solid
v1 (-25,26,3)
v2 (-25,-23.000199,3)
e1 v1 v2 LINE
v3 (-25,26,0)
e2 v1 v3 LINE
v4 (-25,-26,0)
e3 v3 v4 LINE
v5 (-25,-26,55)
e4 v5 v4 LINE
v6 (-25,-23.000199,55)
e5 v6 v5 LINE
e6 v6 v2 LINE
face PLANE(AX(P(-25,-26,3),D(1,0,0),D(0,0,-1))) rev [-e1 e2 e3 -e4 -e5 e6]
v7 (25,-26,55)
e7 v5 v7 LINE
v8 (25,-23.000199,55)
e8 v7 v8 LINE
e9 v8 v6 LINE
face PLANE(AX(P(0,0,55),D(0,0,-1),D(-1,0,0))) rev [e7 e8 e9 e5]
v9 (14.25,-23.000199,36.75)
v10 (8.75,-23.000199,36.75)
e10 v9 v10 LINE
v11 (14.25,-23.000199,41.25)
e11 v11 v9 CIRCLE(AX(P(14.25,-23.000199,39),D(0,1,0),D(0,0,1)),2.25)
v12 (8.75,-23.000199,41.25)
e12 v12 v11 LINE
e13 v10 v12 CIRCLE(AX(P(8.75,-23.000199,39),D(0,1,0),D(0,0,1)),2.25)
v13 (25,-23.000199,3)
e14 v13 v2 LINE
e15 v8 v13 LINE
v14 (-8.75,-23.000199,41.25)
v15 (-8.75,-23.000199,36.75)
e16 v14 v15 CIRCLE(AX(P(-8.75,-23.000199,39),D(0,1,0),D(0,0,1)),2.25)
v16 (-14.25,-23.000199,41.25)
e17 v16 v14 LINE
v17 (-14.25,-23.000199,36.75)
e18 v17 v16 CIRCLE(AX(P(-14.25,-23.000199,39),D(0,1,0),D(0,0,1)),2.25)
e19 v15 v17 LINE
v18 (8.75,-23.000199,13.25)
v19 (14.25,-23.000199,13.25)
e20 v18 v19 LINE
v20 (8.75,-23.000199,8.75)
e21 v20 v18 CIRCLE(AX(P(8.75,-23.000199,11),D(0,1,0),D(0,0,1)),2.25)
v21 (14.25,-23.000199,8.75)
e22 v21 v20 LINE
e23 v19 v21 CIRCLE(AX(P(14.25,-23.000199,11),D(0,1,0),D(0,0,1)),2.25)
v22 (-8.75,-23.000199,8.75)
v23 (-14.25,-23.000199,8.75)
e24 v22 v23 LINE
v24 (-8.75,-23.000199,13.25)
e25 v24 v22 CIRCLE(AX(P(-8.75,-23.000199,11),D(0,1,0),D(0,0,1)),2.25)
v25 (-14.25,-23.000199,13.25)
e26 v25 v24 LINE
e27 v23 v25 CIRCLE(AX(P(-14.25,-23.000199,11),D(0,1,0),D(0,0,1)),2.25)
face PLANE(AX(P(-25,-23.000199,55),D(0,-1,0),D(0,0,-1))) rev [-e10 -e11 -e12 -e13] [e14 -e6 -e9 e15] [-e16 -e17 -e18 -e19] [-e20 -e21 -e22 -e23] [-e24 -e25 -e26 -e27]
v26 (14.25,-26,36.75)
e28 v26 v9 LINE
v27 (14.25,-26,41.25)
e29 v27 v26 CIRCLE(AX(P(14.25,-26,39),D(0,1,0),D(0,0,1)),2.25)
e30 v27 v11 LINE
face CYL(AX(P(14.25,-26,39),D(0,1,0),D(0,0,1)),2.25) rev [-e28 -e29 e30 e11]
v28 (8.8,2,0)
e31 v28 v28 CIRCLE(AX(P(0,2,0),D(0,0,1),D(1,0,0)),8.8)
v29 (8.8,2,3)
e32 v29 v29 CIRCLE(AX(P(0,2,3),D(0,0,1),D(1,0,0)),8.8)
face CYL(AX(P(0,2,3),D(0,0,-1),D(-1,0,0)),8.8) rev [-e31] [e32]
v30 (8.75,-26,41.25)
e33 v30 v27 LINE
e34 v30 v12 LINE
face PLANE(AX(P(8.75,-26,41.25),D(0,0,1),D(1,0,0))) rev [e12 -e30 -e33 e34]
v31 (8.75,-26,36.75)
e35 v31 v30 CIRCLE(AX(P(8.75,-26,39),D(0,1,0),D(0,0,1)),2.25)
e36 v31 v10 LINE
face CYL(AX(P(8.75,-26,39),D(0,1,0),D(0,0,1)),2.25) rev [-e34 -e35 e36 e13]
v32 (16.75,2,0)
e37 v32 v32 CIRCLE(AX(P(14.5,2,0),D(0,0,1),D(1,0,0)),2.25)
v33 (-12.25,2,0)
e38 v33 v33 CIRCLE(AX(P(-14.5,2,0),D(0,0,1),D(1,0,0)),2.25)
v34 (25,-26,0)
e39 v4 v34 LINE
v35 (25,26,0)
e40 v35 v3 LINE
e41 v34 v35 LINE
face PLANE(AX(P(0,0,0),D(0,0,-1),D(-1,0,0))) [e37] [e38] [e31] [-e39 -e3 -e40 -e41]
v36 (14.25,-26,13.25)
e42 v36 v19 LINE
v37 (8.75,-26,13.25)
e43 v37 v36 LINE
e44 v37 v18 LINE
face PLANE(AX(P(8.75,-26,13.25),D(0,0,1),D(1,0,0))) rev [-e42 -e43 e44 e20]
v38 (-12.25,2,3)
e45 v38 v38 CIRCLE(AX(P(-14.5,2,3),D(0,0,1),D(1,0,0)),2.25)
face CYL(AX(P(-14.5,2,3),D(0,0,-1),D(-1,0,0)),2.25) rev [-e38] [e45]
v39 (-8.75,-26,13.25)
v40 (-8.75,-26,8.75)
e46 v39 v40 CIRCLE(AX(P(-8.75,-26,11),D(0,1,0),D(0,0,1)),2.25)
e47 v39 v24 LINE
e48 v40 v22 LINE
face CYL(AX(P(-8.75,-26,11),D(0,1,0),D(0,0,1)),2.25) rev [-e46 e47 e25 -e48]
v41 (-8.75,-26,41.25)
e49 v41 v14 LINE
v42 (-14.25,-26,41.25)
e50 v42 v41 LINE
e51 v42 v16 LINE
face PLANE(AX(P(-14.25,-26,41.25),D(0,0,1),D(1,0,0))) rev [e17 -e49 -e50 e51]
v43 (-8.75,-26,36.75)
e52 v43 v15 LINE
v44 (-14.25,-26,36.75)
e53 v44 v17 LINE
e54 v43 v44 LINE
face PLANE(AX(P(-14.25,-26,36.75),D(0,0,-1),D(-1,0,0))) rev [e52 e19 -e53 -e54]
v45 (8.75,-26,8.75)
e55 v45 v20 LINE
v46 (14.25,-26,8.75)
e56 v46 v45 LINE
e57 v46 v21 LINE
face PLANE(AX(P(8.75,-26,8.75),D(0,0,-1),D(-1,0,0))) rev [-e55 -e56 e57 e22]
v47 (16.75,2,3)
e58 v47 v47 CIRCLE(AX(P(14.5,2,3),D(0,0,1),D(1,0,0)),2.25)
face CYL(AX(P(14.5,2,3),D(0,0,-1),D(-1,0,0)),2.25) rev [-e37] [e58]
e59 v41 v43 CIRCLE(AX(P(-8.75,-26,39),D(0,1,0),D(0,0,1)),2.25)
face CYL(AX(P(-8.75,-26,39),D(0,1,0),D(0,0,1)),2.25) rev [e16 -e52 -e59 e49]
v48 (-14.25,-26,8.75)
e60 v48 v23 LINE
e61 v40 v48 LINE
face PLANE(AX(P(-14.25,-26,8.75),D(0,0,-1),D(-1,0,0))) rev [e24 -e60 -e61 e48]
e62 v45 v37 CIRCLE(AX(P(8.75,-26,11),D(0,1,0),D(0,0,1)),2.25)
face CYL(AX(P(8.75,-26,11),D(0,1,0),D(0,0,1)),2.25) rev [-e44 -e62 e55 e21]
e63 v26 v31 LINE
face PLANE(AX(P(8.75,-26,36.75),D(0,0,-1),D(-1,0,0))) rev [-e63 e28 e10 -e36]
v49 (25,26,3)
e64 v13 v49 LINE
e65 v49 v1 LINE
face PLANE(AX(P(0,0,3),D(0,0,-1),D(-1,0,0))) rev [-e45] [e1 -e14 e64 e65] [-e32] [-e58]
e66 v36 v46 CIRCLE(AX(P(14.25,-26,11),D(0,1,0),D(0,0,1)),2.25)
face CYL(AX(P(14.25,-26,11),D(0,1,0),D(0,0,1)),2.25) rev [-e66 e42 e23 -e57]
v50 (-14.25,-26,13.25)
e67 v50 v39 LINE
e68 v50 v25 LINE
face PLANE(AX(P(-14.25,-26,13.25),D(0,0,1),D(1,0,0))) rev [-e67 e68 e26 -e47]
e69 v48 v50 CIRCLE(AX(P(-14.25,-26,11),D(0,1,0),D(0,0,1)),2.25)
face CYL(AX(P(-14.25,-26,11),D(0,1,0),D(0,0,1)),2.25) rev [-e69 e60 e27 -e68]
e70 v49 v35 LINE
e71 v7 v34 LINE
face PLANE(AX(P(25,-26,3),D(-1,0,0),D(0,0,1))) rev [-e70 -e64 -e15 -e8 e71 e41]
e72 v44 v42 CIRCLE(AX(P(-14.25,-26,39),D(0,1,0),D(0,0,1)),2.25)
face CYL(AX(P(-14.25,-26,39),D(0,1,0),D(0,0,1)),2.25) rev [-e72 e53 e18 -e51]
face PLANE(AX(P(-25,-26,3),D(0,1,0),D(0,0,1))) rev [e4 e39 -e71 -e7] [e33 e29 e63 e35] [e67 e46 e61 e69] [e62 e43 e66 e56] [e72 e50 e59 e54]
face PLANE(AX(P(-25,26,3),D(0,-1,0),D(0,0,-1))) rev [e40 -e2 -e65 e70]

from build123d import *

# Parameters (mm, degrees)
SKIZZE1_W                       = 50
SKIZZE1_H                       = 52
SKIZZE1_R                       = 8.8
SKIZZE1_R_2                     = 2.25
AUFSATZ_LINEAR_AUSTRAGEN1_DEPTH = 3
SKIZZE2_W                       = 50
SKIZZE2_H                       = 2.999801306
AUFSATZ_LINEAR_AUSTRAGEN2_DEPTH = 52
SCHNITT_LINEAR_AUSTRAGEN1_DEPTH = 78.788299069


with BuildPart() as part:
    # Skizze1 → Aufsatz-Linear austragen1 (new body)
    with BuildSketch(Plane.XY):
        Rectangle(SKIZZE1_W, SKIZZE1_H)
        with Locations((0, 2)):
            Circle(SKIZZE1_R, mode=Mode.SUBTRACT)
        with Locations((-14.5, 2)):
            Circle(SKIZZE1_R_2, mode=Mode.SUBTRACT)
        with Locations((14.5, 2)):
            Circle(SKIZZE1_R_2, mode=Mode.SUBTRACT)
    extrude(amount=AUFSATZ_LINEAR_AUSTRAGEN1_DEPTH)

    # Skizze2 → Aufsatz-Linear austragen2 (add)
    with BuildSketch(Plane.XY.offset(3)):
        with Locations((0, -24.500099347)):
            Rectangle(SKIZZE2_W, SKIZZE2_H)
    extrude(amount=AUFSATZ_LINEAR_AUSTRAGEN2_DEPTH)

    # Skizze3 → Schnitt-Linear austragen1 (cut, through all)
    with BuildSketch(Plane(origin=(0, -23.000198694, 0), x_dir=(1, 0, 0), z_dir=(0, 1, 0))):
        with BuildLine():
            Line((-14.25, -36.75), (-8.75, -36.75))
            ThreePointArc((-8.75, -36.75), (-6.5, -39), (-8.75, -41.25))
            Line((-8.75, -41.25), (-14.25, -41.25))
            ThreePointArc((-14.25, -41.25), (-16.5, -39), (-14.25, -36.75))
        make_face()
        with BuildLine():
            Line((8.75, -36.75), (14.25, -36.75))
            ThreePointArc((14.25, -36.75), (16.5, -39), (14.25, -41.25))
            Line((14.25, -41.25), (8.75, -41.25))
            ThreePointArc((8.75, -41.25), (6.5, -39), (8.75, -36.75))
        make_face()
        with BuildLine():
            Line((-14.25, -8.75), (-8.75, -8.75))
            ThreePointArc((-8.75, -8.75), (-6.5, -11), (-8.75, -13.25))
            Line((-8.75, -13.25), (-14.25, -13.25))
            ThreePointArc((-14.25, -13.25), (-16.5, -11), (-14.25, -8.75))
        make_face()
        with BuildLine():
            Line((8.75, -8.75), (14.25, -8.75))
            ThreePointArc((14.25, -8.75), (16.5, -11), (14.25, -13.25))
            Line((14.25, -13.25), (8.75, -13.25))
            ThreePointArc((8.75, -13.25), (6.5, -11), (8.75, -8.75))
        make_face()
    extrude(amount=-SCHNITT_LINEAR_AUSTRAGEN1_DEPTH, mode=Mode.SUBTRACT)


solid = part.part
